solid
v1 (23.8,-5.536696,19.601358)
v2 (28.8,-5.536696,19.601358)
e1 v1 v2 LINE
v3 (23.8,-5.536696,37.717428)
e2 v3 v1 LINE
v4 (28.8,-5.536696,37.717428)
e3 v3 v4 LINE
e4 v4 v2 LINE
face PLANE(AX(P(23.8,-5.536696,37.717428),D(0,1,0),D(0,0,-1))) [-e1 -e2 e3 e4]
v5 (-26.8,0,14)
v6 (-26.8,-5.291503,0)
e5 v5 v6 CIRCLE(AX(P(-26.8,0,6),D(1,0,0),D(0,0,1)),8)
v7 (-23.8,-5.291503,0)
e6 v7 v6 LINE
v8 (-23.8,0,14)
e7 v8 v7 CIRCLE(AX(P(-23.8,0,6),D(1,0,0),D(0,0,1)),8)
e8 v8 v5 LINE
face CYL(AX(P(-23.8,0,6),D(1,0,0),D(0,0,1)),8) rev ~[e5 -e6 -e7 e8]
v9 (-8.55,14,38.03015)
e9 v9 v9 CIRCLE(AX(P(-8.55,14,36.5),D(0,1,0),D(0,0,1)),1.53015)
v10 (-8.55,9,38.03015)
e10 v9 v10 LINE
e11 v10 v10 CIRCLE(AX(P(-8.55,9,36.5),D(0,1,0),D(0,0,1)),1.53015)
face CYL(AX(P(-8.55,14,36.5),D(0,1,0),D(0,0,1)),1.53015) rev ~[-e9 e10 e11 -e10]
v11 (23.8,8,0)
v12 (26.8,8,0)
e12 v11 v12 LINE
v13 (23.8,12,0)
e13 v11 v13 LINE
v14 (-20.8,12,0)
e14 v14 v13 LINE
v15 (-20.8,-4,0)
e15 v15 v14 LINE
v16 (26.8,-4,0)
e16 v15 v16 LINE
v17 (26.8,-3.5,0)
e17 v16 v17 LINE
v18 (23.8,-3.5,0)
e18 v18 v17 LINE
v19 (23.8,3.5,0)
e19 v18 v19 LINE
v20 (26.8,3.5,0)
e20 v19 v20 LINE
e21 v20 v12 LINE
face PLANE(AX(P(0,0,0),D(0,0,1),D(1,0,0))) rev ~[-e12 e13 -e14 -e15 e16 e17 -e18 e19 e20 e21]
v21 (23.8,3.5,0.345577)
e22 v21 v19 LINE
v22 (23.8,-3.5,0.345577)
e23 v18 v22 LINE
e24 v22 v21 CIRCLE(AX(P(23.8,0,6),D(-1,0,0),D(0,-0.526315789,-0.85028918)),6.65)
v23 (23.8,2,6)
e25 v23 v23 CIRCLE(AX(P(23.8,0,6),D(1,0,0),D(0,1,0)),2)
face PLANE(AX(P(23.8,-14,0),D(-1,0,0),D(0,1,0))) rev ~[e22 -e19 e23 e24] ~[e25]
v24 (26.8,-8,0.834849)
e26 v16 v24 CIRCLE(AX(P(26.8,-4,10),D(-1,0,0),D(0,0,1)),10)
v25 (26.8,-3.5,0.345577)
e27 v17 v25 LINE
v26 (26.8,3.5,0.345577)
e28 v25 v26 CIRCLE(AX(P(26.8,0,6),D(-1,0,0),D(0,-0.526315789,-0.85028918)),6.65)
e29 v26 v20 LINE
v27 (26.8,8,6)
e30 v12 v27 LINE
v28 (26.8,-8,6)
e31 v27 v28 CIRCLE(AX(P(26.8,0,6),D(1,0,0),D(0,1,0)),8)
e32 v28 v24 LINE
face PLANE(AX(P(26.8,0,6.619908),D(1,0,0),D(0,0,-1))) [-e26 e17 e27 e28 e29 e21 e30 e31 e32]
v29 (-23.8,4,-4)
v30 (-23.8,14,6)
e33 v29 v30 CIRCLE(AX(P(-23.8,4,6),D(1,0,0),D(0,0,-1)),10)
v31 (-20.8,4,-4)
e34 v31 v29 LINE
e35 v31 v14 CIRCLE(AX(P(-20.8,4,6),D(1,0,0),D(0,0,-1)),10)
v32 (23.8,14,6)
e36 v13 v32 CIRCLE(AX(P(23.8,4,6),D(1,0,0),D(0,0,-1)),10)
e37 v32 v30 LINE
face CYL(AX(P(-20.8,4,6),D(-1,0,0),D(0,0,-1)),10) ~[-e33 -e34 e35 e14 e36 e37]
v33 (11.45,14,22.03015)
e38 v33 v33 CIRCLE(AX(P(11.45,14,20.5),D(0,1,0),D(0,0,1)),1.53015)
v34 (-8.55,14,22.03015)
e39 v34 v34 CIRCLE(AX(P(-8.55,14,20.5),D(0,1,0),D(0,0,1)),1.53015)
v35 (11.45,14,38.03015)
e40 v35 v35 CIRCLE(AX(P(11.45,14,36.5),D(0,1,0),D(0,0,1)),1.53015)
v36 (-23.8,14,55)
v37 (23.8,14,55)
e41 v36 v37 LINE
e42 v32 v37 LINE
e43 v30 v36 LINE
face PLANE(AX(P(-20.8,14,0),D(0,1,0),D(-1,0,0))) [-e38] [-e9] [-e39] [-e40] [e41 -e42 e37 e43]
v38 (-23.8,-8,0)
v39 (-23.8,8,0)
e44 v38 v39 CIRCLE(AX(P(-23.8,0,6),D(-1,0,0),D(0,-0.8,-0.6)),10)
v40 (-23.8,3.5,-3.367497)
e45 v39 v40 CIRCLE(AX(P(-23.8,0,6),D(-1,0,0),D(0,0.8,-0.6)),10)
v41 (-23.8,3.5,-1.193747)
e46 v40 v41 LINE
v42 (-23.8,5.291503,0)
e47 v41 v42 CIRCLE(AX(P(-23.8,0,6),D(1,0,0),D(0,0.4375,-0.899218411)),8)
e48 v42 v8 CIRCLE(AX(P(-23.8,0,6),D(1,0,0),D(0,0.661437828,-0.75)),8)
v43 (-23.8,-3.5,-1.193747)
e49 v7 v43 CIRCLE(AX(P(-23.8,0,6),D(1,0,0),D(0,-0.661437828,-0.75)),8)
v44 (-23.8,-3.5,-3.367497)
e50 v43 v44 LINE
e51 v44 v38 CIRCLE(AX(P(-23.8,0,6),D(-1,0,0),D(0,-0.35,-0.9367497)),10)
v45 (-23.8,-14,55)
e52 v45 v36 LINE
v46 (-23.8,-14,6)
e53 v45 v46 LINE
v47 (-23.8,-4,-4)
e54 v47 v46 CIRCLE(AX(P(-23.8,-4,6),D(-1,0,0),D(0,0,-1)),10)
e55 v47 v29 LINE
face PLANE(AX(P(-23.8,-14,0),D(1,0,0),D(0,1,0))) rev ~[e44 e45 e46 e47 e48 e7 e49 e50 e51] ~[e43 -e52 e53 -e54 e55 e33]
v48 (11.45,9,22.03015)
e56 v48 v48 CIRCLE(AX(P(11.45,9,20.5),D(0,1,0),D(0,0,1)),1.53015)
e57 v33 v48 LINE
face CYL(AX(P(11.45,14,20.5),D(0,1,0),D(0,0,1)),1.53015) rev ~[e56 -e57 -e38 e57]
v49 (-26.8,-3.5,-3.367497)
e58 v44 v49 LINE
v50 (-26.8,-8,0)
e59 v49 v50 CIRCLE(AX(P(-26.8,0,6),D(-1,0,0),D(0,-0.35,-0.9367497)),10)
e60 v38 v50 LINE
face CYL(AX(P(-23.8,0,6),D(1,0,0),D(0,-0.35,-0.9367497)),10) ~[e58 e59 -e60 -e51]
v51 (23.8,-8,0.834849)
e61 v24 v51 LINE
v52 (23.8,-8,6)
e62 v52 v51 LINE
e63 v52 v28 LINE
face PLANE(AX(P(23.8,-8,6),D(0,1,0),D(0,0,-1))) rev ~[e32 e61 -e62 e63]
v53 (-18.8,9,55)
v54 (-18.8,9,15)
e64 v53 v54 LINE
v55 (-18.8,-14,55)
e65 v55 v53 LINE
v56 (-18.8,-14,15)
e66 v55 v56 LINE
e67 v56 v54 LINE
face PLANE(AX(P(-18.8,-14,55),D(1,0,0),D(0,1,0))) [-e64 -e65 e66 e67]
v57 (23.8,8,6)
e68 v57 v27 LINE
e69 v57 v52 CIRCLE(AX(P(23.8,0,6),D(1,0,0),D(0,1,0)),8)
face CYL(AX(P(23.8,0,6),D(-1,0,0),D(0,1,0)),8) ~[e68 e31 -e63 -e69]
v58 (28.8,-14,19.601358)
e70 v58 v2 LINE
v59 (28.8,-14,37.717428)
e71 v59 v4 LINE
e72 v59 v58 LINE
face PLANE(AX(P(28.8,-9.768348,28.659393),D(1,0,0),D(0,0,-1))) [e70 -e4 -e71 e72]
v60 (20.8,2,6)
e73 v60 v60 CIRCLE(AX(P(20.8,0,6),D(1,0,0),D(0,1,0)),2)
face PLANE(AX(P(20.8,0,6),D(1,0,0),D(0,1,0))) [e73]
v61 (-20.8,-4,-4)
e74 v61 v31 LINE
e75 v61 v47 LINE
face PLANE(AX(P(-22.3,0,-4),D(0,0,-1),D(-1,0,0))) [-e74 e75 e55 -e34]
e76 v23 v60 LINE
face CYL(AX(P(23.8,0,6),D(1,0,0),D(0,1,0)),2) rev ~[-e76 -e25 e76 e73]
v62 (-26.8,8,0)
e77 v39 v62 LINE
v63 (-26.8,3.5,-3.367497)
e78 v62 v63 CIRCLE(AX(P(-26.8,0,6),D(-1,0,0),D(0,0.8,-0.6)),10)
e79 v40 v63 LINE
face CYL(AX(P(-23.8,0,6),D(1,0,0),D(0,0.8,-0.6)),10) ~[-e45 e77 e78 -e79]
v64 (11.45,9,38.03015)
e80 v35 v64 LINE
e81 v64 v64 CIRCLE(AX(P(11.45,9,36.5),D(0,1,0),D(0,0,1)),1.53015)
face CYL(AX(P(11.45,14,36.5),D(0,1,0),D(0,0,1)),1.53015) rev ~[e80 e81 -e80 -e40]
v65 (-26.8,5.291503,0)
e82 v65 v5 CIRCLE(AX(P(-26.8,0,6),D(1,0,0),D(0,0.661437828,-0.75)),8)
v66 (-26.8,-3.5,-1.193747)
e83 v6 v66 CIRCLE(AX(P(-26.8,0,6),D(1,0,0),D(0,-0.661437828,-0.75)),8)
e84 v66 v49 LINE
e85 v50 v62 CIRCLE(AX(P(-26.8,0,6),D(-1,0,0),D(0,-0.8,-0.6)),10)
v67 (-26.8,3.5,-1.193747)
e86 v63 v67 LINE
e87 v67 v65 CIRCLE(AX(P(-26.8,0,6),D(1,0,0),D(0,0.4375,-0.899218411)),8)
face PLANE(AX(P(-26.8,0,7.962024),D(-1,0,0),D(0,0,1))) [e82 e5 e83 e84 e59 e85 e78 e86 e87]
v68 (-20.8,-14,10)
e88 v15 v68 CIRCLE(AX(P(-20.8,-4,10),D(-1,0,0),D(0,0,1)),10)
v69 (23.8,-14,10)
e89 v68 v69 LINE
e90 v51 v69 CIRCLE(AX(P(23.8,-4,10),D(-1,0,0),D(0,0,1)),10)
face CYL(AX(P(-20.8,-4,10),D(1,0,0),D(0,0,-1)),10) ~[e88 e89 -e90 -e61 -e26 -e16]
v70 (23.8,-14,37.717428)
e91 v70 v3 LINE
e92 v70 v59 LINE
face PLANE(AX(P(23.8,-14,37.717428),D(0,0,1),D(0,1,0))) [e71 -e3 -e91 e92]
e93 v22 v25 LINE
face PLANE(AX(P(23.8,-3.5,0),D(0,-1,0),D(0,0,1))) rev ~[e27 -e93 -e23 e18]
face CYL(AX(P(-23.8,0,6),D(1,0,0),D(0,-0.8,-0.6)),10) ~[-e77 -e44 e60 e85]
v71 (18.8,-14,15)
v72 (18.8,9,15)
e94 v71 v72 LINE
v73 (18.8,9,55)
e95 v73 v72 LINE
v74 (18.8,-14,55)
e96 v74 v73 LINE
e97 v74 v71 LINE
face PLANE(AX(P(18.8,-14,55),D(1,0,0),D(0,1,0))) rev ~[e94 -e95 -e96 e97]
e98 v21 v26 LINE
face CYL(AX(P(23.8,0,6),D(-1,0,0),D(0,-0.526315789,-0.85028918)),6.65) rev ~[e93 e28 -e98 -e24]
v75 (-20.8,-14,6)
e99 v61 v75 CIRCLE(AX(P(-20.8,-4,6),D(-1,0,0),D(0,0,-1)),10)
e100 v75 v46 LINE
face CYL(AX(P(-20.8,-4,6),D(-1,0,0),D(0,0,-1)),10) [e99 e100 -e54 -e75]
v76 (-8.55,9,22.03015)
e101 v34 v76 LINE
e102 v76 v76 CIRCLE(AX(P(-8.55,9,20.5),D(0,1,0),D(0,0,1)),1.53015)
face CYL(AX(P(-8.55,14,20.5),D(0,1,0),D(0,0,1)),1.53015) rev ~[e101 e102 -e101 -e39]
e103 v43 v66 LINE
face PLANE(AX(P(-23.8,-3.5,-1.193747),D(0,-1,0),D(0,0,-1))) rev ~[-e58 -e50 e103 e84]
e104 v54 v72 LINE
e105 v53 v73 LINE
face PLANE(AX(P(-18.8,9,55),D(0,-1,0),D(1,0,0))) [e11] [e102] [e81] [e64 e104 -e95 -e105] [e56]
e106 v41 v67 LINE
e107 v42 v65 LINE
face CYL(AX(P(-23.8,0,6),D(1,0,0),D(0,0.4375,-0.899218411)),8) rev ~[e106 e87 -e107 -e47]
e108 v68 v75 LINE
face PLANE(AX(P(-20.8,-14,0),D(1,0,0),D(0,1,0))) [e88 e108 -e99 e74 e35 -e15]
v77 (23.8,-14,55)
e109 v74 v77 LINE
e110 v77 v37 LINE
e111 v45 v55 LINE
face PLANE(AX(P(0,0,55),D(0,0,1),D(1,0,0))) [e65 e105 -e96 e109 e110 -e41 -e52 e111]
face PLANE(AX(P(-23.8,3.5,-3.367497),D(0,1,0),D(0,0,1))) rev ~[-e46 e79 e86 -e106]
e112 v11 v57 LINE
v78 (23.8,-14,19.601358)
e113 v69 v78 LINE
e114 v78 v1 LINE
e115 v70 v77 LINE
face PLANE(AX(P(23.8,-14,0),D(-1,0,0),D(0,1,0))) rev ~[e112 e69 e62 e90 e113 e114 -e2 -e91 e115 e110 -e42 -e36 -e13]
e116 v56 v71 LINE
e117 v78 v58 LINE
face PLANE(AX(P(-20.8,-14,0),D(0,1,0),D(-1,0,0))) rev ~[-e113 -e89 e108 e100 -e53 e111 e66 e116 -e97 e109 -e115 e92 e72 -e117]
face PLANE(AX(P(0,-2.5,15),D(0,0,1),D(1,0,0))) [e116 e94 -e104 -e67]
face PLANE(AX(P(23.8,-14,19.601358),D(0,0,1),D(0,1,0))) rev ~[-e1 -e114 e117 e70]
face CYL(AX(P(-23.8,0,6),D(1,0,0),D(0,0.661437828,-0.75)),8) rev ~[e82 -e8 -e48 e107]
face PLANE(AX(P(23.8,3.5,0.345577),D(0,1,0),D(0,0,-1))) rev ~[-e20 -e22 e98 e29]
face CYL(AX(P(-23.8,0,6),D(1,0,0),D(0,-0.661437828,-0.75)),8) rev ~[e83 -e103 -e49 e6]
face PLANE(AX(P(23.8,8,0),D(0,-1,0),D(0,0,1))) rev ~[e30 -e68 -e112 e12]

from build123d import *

# Parameters (mm, degrees)
SKETCH1_W           = 47.6
SKETCH1_H           = 28
BOSS_EXTRUDE1_DEPTH = 55
SKETCH3_R           = 2
CUT_EXTRUDE1_DEPTH  = 3
SKETCH4_W           = 18.116069914
SKETCH4_H           = 8.463303816
BOSS_EXTRUDE2_DEPTH = 5
BOSS_EXTRUDE4_DEPTH = 3
BOSS_EXTRUDE5_DEPTH = 3
SKETCH8_W           = 3
SKETCH8_H           = 28
BOSS_EXTRUDE7_DEPTH = 4
FILLET1_R           = 10
FILLET2_R           = 10
SKETCH9_R           = 1.530150167
CUT_EXTRUDE2_DEPTH  = 69.106093707
SKETCH10_W          = 37.6
SKETCH10_H          = 23
CUT_EXTRUDE4_DEPTH  = 40


with BuildPart() as part:
    # Sketch1 → Boss-Extrude1 (new body)
    with BuildSketch(Plane.XY):
        Rectangle(SKETCH1_W, SKETCH1_H)
    extrude(amount=BOSS_EXTRUDE1_DEPTH)

    # Sketch3 → Cut-Extrude1 (cut)
    with BuildSketch(Plane(origin=(23.8, 0, 0), x_dir=(0, 0, -1), z_dir=(1, 0, 0))):
        with Locations(Location((-6, 0, 0), (0, 0, 90))):
            Circle(SKETCH3_R)
    extrude(amount=-CUT_EXTRUDE1_DEPTH, mode=Mode.SUBTRACT)

    # Sketch4 → Boss-Extrude2 (add)
    with BuildSketch(Plane(origin=(23.8, 0, 0), x_dir=(0, 0, -1), z_dir=(1, 0, 0))):
        with Locations((-28.659392832, -9.768348092)):
            Rectangle(SKETCH4_W, SKETCH4_H)
    extrude(amount=BOSS_EXTRUDE2_DEPTH)

    # Sketch5 → Boss-Extrude4 (add)
    with BuildSketch(Plane(origin=(23.8, 0, 0), x_dir=(0, 0, -1), z_dir=(1, 0, 0))):
        with BuildLine():
            Line((-0.345576953, 3.5), (0, 3.5))
            Line((0, 3.5), (0, 8))
            Line((0, 8), (-6, 8))
            ThreePointArc((-6, 8), (-14, 0), (-6, -8))
            Line((-6, -8), (0, -8))
            Line((0, -8), (0, -3.5))
            Line((0, -3.5), (-0.345576953, -3.5))
            ThreePointArc((-0.345576953, -3.5), (-12.65, 0), (-0.345576953, 3.5))
        make_face()
    extrude(amount=BOSS_EXTRUDE4_DEPTH)

    # Sketch6 → Boss-Extrude5 (add)
    with BuildSketch(Plane.ZY.offset(23.8)):
        with BuildLine():
            Line((0, 8), (0, 5.291502622))
            ThreePointArc((0, 5.291502622), (8.828427125, 7.483314774), (14, 0))
            ThreePointArc((14, 0), (8.828427125, -7.483314774), (0, -5.291502622))
            Line((0, -5.291502622), (0, -8))
            ThreePointArc((0, -8), (10.472135955, -8.94427191), (16, 0))
            ThreePointArc((16, 0), (10.472135955, 8.94427191), (0, 8))
        make_face()
        with BuildLine():
            ThreePointArc((0, -5.291502622), (-0.657410327, -4.436089239), (-1.193747285, -3.5))
            Line((-1.193747285, -3.5), (-3.367496998, -3.5))
            ThreePointArc((-3.367496998, -3.5), (-2.006403125, -5.991452996), (0, -8))
            Line((0, -8), (0, -5.291502622))
        make_face()
        with BuildLine():
            Line((-3.367496998, 3.5), (-1.193747285, 3.5))
            ThreePointArc((-1.193747285, 3.5), (-0.657410327, 4.436089239), (0, 5.291502622))
            Line((0, 5.291502622), (0, 8))
            ThreePointArc((0, 8), (-2.006403125, 5.991452996), (-3.367496998, 3.5))
        make_face()
    extrude(amount=BOSS_EXTRUDE5_DEPTH)

    # Sketch8 → Boss-Extrude7 (add)
    with BuildSketch(Plane(origin=(0, 0, 0), x_dir=(-1, 0, 0), z_dir=(0, 0, -1))):
        with Locations((22.3, 0)):
            Rectangle(SKETCH8_W, SKETCH8_H)
    extrude(amount=BOSS_EXTRUDE7_DEPTH)

    # Fillet1
    fillet1_edges = [part.edges().sort_by_distance(p)[0] for p in [
        (-22.3, 14, -4),
        (1.5, -14, 0),
    ]]
    fillet(fillet1_edges, radius=FILLET1_R)

    # Fillet2
    fillet2_edges = [part.edges().sort_by_distance(p)[0] for p in [
        (-22.3, -14, -4),
    ]]
    fillet(fillet2_edges, radius=FILLET2_R)

    # Sketch9 → Cut-Extrude2 (cut, through all)
    with BuildSketch(Plane(origin=(0, 14, 0), x_dir=(1, 0, 0), z_dir=(0, 1, 0))):
        with Locations(Location((-8.55, -20.5, 0), (0, 0, 270))):
            Circle(SKETCH9_R)
        with Locations(Location((11.45, -20.5, 0), (0, 0, 270))):
            Circle(SKETCH9_R)
        with Locations(Location((11.45, -36.5, 0), (0, 0, 270))):
            Circle(SKETCH9_R)
        with Locations(Location((-8.55, -36.5, 0), (0, 0, 270))):
            Circle(SKETCH9_R)
    extrude(amount=-CUT_EXTRUDE2_DEPTH, mode=Mode.SUBTRACT)

    # Sketch10 → Cut-Extrude4 (cut)
    with BuildSketch(Plane.XY.offset(55)):
        with Locations((0, -2.5)):
            Rectangle(SKETCH10_W, SKETCH10_H)
    extrude(amount=-CUT_EXTRUDE4_DEPTH, mode=Mode.SUBTRACT)


solid = part.part
